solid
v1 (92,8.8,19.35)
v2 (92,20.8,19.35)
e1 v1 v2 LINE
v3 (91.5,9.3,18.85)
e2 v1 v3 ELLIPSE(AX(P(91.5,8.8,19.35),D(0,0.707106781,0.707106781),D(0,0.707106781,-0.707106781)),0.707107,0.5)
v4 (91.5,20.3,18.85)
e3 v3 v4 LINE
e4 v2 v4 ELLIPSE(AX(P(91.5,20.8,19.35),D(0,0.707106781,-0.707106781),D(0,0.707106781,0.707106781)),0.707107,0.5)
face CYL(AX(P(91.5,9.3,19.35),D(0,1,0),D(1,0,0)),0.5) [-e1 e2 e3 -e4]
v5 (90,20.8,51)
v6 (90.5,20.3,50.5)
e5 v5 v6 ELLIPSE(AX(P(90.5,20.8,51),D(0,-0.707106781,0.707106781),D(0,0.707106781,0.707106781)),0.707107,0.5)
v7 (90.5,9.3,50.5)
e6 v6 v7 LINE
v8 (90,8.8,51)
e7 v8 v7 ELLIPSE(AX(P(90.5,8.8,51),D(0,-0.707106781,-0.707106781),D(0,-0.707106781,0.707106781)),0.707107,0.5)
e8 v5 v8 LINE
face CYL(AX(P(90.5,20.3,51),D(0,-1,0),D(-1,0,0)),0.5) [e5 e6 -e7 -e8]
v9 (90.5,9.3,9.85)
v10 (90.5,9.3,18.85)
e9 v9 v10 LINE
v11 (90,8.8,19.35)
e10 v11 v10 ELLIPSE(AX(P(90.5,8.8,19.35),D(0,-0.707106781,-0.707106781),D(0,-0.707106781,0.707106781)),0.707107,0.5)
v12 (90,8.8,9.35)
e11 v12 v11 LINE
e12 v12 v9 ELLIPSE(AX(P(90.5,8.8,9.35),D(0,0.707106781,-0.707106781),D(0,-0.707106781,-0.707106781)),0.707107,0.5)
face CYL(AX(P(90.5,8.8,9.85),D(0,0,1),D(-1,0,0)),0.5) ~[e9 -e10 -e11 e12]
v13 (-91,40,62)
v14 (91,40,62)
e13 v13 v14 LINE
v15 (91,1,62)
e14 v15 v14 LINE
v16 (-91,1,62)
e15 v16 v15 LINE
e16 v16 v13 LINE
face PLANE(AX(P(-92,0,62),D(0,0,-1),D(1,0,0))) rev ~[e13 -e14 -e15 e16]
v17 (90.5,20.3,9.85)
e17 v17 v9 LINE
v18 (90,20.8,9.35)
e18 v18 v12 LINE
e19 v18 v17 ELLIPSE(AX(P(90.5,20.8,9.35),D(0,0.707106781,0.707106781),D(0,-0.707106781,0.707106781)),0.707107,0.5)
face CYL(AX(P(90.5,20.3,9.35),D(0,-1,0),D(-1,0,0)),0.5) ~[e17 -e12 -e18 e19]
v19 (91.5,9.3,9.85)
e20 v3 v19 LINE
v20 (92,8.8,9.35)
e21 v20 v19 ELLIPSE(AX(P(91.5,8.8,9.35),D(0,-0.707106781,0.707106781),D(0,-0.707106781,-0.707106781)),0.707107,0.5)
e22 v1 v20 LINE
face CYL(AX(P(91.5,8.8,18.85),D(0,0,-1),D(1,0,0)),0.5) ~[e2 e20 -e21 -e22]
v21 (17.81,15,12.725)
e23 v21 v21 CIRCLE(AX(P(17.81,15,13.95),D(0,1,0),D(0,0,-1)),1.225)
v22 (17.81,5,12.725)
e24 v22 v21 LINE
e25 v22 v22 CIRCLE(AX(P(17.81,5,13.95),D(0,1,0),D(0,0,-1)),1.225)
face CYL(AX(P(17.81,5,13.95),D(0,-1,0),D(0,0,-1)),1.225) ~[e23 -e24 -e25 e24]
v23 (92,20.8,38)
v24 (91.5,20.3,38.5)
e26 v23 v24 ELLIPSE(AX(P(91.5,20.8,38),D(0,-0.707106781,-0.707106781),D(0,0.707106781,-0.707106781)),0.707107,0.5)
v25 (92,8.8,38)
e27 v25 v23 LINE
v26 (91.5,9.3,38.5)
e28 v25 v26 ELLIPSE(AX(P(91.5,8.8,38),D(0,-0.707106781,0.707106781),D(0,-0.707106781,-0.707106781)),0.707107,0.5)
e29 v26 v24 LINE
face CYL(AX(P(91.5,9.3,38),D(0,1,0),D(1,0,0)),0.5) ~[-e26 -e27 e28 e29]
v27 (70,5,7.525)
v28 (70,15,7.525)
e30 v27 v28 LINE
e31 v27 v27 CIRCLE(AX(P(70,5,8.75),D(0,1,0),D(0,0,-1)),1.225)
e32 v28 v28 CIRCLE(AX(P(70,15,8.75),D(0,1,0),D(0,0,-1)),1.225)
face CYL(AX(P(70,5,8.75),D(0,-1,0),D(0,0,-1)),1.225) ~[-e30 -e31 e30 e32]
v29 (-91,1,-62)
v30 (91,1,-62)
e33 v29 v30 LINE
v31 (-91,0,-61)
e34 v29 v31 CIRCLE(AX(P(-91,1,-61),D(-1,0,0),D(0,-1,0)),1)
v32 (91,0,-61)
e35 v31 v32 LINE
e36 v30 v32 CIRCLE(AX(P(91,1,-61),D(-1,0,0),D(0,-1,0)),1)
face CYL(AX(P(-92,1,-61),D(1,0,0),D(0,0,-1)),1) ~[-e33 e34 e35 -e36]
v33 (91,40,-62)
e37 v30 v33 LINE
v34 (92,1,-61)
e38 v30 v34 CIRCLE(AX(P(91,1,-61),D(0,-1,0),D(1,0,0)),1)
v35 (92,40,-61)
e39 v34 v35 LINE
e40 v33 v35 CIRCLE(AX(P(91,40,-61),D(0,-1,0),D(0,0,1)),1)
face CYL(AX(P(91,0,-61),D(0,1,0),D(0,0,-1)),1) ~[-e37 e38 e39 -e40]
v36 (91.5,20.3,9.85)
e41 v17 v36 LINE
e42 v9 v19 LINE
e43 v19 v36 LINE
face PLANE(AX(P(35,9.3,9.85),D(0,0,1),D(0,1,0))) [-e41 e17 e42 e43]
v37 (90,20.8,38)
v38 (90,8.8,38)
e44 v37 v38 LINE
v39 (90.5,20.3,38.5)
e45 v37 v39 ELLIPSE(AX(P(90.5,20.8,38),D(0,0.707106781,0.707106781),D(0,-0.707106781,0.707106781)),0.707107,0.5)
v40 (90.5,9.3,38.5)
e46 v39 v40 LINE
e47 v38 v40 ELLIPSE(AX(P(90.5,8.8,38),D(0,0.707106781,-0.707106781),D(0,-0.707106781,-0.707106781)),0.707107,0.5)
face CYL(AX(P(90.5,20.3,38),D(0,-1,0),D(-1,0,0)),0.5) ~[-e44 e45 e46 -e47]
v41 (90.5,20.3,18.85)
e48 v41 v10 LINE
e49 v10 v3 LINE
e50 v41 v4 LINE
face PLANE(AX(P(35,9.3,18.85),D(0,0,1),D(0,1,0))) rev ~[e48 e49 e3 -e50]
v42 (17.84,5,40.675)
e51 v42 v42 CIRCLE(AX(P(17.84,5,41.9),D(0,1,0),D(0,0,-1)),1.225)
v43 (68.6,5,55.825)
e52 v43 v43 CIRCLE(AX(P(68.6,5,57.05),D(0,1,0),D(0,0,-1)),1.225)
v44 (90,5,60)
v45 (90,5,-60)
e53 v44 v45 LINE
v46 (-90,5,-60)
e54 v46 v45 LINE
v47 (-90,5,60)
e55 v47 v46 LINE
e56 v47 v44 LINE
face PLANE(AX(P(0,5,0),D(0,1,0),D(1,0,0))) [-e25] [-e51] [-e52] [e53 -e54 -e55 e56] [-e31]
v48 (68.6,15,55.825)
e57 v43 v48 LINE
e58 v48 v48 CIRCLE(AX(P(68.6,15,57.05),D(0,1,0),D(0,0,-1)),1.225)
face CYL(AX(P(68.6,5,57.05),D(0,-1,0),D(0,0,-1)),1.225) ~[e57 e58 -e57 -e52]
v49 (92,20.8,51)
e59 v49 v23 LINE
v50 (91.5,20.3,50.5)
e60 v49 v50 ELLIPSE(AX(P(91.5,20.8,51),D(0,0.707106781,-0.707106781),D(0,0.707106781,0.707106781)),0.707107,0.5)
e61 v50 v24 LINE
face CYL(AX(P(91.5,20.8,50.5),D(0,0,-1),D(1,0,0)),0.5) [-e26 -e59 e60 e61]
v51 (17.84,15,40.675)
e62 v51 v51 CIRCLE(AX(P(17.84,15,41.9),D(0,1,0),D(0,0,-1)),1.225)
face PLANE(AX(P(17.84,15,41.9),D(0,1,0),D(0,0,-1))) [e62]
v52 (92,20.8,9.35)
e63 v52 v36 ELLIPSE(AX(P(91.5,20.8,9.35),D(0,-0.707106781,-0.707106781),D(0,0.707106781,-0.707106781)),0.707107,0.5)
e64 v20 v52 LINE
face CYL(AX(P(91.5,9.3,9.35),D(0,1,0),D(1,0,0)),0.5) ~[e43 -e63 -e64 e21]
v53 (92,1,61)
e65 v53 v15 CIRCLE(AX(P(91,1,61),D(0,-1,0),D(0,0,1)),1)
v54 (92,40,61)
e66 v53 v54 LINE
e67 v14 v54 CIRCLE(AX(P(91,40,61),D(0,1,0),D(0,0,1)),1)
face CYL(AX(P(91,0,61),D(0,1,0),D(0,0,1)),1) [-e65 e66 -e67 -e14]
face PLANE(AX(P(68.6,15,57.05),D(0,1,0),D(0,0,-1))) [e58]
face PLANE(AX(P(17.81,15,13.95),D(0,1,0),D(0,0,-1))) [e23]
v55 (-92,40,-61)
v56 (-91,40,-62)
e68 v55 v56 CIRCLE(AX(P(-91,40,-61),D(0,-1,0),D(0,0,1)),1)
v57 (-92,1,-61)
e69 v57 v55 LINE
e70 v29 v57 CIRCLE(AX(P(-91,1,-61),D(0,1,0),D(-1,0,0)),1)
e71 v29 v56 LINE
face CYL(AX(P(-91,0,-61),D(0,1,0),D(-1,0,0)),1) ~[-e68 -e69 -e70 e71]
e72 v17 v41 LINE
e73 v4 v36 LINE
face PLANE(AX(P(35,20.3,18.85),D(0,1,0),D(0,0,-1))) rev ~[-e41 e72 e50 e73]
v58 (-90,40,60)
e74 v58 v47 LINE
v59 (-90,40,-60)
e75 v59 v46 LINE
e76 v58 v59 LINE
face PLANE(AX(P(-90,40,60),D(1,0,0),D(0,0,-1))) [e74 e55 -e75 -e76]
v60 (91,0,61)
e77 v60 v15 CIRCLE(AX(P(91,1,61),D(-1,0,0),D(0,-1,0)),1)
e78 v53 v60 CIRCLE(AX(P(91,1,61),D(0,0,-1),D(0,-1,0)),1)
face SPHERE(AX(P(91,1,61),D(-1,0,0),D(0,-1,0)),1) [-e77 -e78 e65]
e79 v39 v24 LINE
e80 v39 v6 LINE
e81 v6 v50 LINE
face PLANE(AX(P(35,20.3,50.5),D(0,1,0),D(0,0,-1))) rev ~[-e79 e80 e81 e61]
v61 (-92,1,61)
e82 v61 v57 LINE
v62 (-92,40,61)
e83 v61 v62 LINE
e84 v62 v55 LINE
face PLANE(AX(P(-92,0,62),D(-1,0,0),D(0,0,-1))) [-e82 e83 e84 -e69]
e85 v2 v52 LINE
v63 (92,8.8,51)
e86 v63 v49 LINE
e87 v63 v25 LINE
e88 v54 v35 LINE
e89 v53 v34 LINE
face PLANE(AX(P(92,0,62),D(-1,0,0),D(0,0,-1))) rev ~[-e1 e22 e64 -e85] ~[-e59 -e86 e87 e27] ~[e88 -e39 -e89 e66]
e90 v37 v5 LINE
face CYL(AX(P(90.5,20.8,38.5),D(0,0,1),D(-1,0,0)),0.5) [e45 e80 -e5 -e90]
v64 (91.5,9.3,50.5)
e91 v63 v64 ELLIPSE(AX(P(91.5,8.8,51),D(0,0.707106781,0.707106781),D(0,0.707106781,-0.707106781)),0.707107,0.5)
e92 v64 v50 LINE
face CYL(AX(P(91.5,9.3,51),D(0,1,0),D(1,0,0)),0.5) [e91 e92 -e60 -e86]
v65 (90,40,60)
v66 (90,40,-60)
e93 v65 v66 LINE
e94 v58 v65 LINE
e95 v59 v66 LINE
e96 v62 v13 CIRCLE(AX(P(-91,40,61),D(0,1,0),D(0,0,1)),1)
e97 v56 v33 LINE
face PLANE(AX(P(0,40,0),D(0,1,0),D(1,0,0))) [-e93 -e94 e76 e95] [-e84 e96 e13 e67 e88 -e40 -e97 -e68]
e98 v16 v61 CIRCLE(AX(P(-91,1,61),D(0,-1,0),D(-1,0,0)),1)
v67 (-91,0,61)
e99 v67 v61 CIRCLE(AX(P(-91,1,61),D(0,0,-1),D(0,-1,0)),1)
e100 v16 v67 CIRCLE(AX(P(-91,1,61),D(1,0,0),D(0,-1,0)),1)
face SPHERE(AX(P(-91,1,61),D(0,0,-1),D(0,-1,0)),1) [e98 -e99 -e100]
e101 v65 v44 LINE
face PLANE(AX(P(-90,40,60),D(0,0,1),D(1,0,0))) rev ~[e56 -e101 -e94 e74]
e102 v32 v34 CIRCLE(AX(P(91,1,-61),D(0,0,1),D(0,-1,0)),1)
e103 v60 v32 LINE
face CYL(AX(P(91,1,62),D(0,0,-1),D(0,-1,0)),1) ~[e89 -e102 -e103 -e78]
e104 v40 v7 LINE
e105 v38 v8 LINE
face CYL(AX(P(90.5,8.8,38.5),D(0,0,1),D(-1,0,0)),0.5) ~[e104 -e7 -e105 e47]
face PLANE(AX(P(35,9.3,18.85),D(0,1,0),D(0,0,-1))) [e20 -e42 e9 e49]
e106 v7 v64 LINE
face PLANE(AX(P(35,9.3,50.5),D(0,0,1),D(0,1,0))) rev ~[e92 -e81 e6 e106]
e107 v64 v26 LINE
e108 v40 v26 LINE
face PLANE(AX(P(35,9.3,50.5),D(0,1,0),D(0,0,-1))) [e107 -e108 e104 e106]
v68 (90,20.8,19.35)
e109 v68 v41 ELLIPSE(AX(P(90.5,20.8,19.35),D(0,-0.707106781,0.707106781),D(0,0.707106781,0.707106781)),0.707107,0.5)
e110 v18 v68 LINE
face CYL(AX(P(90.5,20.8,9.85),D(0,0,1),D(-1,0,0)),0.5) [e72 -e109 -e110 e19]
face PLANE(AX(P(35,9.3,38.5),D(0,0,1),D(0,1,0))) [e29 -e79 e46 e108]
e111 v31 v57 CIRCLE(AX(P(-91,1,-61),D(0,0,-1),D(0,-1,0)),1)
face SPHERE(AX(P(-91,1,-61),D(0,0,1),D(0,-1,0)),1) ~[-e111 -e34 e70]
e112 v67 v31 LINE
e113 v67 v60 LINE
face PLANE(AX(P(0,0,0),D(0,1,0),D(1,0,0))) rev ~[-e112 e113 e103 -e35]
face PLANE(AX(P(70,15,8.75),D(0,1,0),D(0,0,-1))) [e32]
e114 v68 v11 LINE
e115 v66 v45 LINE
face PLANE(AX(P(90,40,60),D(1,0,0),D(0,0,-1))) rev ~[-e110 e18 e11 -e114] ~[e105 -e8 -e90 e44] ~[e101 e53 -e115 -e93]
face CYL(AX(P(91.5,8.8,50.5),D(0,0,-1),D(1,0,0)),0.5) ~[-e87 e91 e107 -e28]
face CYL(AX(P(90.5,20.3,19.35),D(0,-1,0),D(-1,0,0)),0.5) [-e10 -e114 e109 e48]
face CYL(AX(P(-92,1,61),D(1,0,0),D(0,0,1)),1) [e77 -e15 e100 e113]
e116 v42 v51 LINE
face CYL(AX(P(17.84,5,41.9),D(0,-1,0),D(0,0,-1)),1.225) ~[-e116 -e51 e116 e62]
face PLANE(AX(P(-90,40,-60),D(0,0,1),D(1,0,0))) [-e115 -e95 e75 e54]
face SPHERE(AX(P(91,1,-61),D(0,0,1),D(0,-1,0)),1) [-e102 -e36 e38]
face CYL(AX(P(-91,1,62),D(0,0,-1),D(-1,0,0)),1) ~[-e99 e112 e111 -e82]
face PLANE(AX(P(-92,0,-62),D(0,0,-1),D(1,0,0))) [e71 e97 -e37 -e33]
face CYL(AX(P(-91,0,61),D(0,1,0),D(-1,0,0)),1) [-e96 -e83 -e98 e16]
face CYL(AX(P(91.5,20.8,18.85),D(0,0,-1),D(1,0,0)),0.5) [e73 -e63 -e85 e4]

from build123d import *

# Parameters (mm, degrees)
IZIM2_W                     = 184
IZIM2_H                     = 124
Y_KSEKLIK_EKSTR_ZYON1_DEPTH = 40
IZIM3_W                     = 180
IZIM3_H                     = 120
KES_EKSTR_ZYON1_DEPTH       = 35
KES_EKSTR_ZYON3_DEPTH       = 100
KES_EKSTR_ZYON3_DEPTH_BACK  = 57
IZIM9_W                     = 12
IZIM9_H                     = 11
IZIM9_W_2                   = 9
IZIM10_R                    = 1.225
Y_KSEKLIK_EKSTR_ZYON2_DEPTH = 10
RADYUS1_R                   = 1
RADYUS2_R                   = 0.5


with BuildPart() as part:
    # Çizim2 → Yükseklik-Ekstrüzyon1 (new body)
    with BuildSketch(Plane(origin=(0, 0, 0), x_dir=(1, 0, 0), z_dir=(0, 1, 0))):
        Rectangle(IZIM2_W, IZIM2_H)
    extrude(amount=Y_KSEKLIK_EKSTR_ZYON1_DEPTH)

    # Çizim3 → Kes-Ekstrüzyon1 (cut)
    with BuildSketch(Plane(origin=(0, 40, 0), x_dir=(1, 0, 0), z_dir=(0, 1, 0))):
        Rectangle(IZIM3_W, IZIM3_H)
    extrude(amount=-KES_EKSTR_ZYON1_DEPTH, mode=Mode.SUBTRACT)

    # Çizim9 → Kes-Ekstrüzyon3 (cut, two sides: drawn at the far end of the back side and taken through both)
    with BuildSketch(Plane(origin=(92, 0, 0), x_dir=(0, 0, -1), z_dir=(1, 0, 0)).offset(-KES_EKSTR_ZYON3_DEPTH_BACK)):
        with Locations((-44.5, 14.8)):
            Rectangle(IZIM9_W, IZIM9_H)
        with Locations((-14.35, 14.8)):
            Rectangle(IZIM9_W_2, IZIM9_H)
    extrude(amount=KES_EKSTR_ZYON3_DEPTH + KES_EKSTR_ZYON3_DEPTH_BACK, mode=Mode.SUBTRACT)

    # Çizim10 → Yükseklik-Ekstrüzyon2 (add)
    with BuildSketch(Plane(origin=(0, 5, 0), x_dir=(1, 0, 0), z_dir=(0, 1, 0))):
        with Locations(Location((70, -8.75, 0), (0, 0, 90))):
            Circle(IZIM10_R)
        with Locations(Location((68.6, -57.05, 0), (0, 0, 90))):
            Circle(IZIM10_R)
        with Locations(Location((17.84, -41.9, 0), (0, 0, 90))):
            Circle(IZIM10_R)
        with Locations(Location((17.81, -13.95, 0), (0, 0, 90))):
            Circle(IZIM10_R)
    extrude(amount=Y_KSEKLIK_EKSTR_ZYON2_DEPTH)

    # Radyus1
    radyus1_edges = [part.edges().sort_by_distance(p)[0] for p in [
        (-92, 0, 0),
        (0, 0, 62),
        (92, 0, 0),
        (0, 0, -62),
        (-92, 20, -62),
        (-92, 20, 62),
        (92, 20, 62),
        (92, 20, -62),
    ]]
    fillet(radyus1_edges, radius=RADYUS1_R)

    # Radyus2
    radyus2_edges = [part.edges().sort_by_distance(p)[0] for p in [
        (90, 20.3, 44.5),
        (90, 14.8, 38.5),
        (90, 9.3, 44.5),
        (90, 14.8, 50.5),
        (90, 20.3, 14.35),
        (90, 14.8, 9.85),
        (90, 9.3, 14.35),
        (90, 14.8, 18.85),
        (92, 14.8, 18.85),
        (92, 9.3, 14.35),
        (92, 14.8, 9.85),
        (92, 20.3, 14.35),
        (92, 14.8, 50.5),
        (92, 9.3, 44.5),
        (92, 14.8, 38.5),
        (92, 20.3, 44.5),
    ]]
    fillet(radyus2_edges, radius=RADYUS2_R)


solid = part.part
